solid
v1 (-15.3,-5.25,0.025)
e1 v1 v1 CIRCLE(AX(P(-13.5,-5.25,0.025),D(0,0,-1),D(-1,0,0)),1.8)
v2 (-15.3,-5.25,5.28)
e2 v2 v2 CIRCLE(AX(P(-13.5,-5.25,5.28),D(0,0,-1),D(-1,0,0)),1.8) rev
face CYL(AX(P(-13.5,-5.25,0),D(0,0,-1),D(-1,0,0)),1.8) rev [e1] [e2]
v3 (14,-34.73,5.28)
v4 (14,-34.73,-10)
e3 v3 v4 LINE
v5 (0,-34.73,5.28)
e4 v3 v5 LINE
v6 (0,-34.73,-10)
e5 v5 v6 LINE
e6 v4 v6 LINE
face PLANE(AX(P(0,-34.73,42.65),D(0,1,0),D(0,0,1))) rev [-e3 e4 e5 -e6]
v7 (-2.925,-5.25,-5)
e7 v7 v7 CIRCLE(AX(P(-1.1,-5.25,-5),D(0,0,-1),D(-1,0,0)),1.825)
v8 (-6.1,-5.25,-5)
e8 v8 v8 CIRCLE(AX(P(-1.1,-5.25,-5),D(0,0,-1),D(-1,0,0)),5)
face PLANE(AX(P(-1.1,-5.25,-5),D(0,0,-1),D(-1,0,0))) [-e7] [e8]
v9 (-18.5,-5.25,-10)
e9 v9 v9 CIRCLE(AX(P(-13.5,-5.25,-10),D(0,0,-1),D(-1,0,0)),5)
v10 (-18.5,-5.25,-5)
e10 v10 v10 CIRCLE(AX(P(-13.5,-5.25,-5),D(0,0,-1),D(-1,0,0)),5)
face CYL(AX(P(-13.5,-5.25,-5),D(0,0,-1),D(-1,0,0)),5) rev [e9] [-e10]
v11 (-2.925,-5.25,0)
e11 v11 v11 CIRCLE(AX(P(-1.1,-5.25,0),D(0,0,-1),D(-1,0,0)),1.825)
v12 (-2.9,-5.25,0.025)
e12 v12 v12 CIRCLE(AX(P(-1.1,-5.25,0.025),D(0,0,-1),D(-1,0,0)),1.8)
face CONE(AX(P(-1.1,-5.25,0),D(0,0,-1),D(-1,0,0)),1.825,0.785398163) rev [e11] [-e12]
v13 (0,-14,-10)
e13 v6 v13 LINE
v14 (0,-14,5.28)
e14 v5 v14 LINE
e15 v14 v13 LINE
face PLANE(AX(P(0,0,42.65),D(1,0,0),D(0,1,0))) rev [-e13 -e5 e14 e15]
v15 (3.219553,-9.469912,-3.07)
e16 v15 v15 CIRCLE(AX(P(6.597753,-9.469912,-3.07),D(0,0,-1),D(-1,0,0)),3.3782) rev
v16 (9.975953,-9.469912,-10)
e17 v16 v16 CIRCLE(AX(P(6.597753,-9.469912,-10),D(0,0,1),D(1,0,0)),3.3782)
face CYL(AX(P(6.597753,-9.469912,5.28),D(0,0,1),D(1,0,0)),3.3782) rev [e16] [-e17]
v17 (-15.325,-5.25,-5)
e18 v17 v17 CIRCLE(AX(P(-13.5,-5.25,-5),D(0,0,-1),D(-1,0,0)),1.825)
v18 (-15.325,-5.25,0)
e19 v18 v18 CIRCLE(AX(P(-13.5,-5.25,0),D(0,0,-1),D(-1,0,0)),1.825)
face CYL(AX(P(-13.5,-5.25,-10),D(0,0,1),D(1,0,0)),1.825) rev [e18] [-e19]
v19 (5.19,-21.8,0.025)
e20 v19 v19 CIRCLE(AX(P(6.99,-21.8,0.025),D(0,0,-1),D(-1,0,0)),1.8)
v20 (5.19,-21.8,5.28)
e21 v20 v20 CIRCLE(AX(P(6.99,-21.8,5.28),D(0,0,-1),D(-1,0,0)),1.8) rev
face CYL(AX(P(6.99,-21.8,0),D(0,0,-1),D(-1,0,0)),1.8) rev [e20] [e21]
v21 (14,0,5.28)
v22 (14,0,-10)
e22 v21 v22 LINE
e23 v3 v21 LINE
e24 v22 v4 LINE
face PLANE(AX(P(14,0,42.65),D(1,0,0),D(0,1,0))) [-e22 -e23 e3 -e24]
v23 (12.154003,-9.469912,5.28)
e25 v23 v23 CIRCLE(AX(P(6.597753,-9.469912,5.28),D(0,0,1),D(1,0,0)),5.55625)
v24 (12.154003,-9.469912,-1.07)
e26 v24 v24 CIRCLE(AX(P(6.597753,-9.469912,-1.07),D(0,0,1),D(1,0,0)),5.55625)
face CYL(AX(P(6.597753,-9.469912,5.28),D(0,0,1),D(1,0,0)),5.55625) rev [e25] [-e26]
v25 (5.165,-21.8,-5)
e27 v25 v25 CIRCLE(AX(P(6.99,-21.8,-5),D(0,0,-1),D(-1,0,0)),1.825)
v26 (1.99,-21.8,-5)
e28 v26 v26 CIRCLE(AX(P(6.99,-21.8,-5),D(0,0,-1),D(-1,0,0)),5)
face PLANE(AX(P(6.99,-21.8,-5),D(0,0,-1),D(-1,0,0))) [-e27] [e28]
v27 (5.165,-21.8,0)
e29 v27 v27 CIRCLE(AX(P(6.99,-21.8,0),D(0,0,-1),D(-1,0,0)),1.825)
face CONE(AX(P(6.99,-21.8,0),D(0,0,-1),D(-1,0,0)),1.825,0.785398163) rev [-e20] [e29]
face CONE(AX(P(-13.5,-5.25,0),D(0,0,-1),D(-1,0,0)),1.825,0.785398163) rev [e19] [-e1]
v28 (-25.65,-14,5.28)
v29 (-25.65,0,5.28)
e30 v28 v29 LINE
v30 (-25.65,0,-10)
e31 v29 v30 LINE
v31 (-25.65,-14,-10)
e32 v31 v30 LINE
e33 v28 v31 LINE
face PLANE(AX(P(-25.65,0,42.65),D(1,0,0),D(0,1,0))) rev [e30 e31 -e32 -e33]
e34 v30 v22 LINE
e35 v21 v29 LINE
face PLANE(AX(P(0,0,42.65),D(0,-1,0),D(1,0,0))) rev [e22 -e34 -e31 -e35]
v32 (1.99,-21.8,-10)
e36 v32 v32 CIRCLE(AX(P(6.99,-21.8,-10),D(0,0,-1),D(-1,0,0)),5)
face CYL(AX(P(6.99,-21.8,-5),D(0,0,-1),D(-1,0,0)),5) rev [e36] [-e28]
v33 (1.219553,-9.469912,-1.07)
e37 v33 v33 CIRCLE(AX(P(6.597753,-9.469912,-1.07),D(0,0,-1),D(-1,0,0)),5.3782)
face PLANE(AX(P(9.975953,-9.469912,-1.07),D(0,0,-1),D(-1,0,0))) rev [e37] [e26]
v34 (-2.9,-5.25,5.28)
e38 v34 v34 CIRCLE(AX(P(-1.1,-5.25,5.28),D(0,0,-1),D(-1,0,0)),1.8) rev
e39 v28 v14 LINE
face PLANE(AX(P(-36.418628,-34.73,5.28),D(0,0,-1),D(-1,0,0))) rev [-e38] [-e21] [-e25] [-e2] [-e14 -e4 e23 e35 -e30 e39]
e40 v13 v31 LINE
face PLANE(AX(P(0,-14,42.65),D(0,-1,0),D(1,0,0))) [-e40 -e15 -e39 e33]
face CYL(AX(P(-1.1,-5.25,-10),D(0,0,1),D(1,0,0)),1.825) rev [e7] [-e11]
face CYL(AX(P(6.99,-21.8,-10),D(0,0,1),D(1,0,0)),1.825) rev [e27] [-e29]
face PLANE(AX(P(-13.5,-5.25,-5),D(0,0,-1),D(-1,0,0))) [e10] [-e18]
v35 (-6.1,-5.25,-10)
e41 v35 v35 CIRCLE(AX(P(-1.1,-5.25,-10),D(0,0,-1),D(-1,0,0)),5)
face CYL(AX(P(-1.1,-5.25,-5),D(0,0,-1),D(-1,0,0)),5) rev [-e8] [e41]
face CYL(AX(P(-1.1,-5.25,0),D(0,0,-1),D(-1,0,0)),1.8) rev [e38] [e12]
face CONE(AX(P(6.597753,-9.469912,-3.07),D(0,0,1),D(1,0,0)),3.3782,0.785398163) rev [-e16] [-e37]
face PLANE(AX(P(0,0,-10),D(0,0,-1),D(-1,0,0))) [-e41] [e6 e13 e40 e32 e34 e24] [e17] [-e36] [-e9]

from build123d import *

# Parameters (mm, degrees)
BOSS_EXTRUDE1_DEPTH                              = 42.65
SKETCH2_R                                        = 6.425
CUT_EXTRUDE1_DEPTH                               = 42.65
SKETCH3_W                                        = 1.9
SKETCH3_H                                        = 30
CUT_EXTRUDE2_DEPTH                               = 42.65
SKETCH4_R                                        = 6.425
CUT_EXTRUDE3_DEPTH                               = 42.65
SKETCH5_W                                        = 32
SKETCH5_H                                        = 1.9
CUT_EXTRUDE4_DEPTH                               = 42.65
M3_CLEARANCE_HOLE1_D                             = 3.6
M3_CLEARANCE_HOLE1_DEPTH                         = 10
M3_CLEARANCE_HOLE1_CSINK_D                       = 3.65
M3_CLEARANCE_HOLE1_CSINK_ANGLE                   = 90
M3_CLEARANCE_HOLE1_TIP                           = 1.081549114
SKETCH9_W                                        = 61.993652624
SKETCH9_H                                        = 40.55348858
CUT_EXTRUDE5_DEPTH                               = 61.688696641
SKETCH10_R                                       = 1.825
BOSS_EXTRUDE2_DEPTH                              = 10
CBORE_FOR_1_4_SOCKET_HEAD_CAP_SCREW1_D           = 6.7564
CBORE_FOR_1_4_SOCKET_HEAD_CAP_SCREW1_CBORE_D     = 11.1125
CBORE_FOR_1_4_SOCKET_HEAD_CAP_SCREW1_CBORE_DEPTH = 6.35
SKETCH14_R                                       = 5
CUT_EXTRUDE6_DEPTH                               = 5
CHAMFER1_SIZE                                    = 2


with BuildPart() as part:
    # Sketch1 → Boss-Extrude1 (new body)
    with BuildSketch(Plane.XY):
        Polygon((14, 0), (-25.65, 0), (-25.65, -14), (0, -14), (0, -34.73), (14, -34.73), align=None)
    extrude(amount=BOSS_EXTRUDE1_DEPTH)

    # Sketch2 → Cut-Extrude1 (cut)
    with BuildSketch(Plane.XZ.offset(14)):
        with Locations((-14.665, 27.725)):
            Circle(SKETCH2_R)
    extrude(amount=-CUT_EXTRUDE1_DEPTH, mode=Mode.SUBTRACT)

    # Sketch3 → Cut-Extrude2 (cut)
    with BuildSketch(Plane.XZ.offset(14)):
        with Locations((-16.7, 27.65)):
            Rectangle(SKETCH3_W, SKETCH3_H)
    extrude(amount=-CUT_EXTRUDE2_DEPTH, mode=Mode.SUBTRACT)

    # Sketch4 → Cut-Extrude3 (cut)
    with BuildSketch(Plane.ZY):
        with Locations((18.725, -21.745)):
            Circle(SKETCH4_R)
    extrude(amount=-CUT_EXTRUDE3_DEPTH, mode=Mode.SUBTRACT)

    # Sketch5 → Cut-Extrude4 (cut)
    with BuildSketch(Plane.ZY):
        with Locations((26.65, -25.78)):
            Rectangle(SKETCH5_W, SKETCH5_H)
    extrude(amount=-CUT_EXTRUDE4_DEPTH, mode=Mode.SUBTRACT)

    # M3 Clearance Hole1
    with Locations(Plane(origin=(0, 0, 0), x_dir=(-1, 0, 0), z_dir=(0, 0, -1))):
        with Locations((1.1, -5.25), (13.5, -5.25), (-6.99, -21.8)):
            CounterSinkHole(M3_CLEARANCE_HOLE1_D / 2, M3_CLEARANCE_HOLE1_CSINK_D / 2, depth=M3_CLEARANCE_HOLE1_DEPTH, counter_sink_angle=M3_CLEARANCE_HOLE1_CSINK_ANGLE)
            with Locations((0, 0, -(M3_CLEARANCE_HOLE1_DEPTH + M3_CLEARANCE_HOLE1_TIP / 2))):  # 118° drill point
                Cone(0, M3_CLEARANCE_HOLE1_D / 2, M3_CLEARANCE_HOLE1_TIP, mode=Mode.SUBTRACT)

    # Sketch9 → Cut-Extrude5 (cut, through all)
    with BuildSketch(Plane(origin=(0, 0, 0), x_dir=(1, 0, 0), z_dir=(0, 1, 0))):
        with Locations((-5.42180131, -25.55674429)):
            Rectangle(SKETCH9_W, SKETCH9_H)
    extrude(amount=-CUT_EXTRUDE5_DEPTH, mode=Mode.SUBTRACT)

    # Sketch10 → Boss-Extrude2 (add)
    with BuildSketch(Plane(origin=(0, 0, 0), x_dir=(-1, 0, 0), z_dir=(0, 0, -1))):
        Polygon((25.65, 0), (-14, 0), (-14, -34.73), (0, -34.73), (0, -14), (25.65, -14), align=None)
        with Locations((1.1, -5.25)):
            Circle(SKETCH10_R, mode=Mode.SUBTRACT)
        with Locations((13.5, -5.25)):
            Circle(SKETCH10_R, mode=Mode.SUBTRACT)
        with Locations((-6.99, -21.8)):
            Circle(SKETCH10_R, mode=Mode.SUBTRACT)
    extrude(amount=BOSS_EXTRUDE2_DEPTH)

    # CBORE for 1/4 Socket Head Cap Screw1 (through all)
    with Locations(Plane.XY.offset(5.28)):
        with Locations((6.597752863, -9.469911877)):
            CounterBoreHole(CBORE_FOR_1_4_SOCKET_HEAD_CAP_SCREW1_D / 2, CBORE_FOR_1_4_SOCKET_HEAD_CAP_SCREW1_CBORE_D / 2, CBORE_FOR_1_4_SOCKET_HEAD_CAP_SCREW1_CBORE_DEPTH)

    # Sketch14 → Cut-Extrude6 (cut)
    with BuildSketch(Plane(origin=(0, 0, -10), x_dir=(-1, 0, 0), z_dir=(0, 0, -1))):
        with Locations((1.1, -5.25)):
            Circle(SKETCH14_R)
        with Locations((13.5, -5.25)):
            Circle(SKETCH14_R)
        with Locations((-6.99, -21.8)):
            Circle(SKETCH14_R)
    extrude(amount=-CUT_EXTRUDE6_DEPTH, mode=Mode.SUBTRACT)

    # Chamfer1
    chamfer1_edges = [part.edges().sort_by_distance(p)[0] for p in [
        (9.975952863, -9.469911877, -1.07),
    ]]
    chamfer(chamfer1_edges, length=CHAMFER1_SIZE)


solid = part.part
